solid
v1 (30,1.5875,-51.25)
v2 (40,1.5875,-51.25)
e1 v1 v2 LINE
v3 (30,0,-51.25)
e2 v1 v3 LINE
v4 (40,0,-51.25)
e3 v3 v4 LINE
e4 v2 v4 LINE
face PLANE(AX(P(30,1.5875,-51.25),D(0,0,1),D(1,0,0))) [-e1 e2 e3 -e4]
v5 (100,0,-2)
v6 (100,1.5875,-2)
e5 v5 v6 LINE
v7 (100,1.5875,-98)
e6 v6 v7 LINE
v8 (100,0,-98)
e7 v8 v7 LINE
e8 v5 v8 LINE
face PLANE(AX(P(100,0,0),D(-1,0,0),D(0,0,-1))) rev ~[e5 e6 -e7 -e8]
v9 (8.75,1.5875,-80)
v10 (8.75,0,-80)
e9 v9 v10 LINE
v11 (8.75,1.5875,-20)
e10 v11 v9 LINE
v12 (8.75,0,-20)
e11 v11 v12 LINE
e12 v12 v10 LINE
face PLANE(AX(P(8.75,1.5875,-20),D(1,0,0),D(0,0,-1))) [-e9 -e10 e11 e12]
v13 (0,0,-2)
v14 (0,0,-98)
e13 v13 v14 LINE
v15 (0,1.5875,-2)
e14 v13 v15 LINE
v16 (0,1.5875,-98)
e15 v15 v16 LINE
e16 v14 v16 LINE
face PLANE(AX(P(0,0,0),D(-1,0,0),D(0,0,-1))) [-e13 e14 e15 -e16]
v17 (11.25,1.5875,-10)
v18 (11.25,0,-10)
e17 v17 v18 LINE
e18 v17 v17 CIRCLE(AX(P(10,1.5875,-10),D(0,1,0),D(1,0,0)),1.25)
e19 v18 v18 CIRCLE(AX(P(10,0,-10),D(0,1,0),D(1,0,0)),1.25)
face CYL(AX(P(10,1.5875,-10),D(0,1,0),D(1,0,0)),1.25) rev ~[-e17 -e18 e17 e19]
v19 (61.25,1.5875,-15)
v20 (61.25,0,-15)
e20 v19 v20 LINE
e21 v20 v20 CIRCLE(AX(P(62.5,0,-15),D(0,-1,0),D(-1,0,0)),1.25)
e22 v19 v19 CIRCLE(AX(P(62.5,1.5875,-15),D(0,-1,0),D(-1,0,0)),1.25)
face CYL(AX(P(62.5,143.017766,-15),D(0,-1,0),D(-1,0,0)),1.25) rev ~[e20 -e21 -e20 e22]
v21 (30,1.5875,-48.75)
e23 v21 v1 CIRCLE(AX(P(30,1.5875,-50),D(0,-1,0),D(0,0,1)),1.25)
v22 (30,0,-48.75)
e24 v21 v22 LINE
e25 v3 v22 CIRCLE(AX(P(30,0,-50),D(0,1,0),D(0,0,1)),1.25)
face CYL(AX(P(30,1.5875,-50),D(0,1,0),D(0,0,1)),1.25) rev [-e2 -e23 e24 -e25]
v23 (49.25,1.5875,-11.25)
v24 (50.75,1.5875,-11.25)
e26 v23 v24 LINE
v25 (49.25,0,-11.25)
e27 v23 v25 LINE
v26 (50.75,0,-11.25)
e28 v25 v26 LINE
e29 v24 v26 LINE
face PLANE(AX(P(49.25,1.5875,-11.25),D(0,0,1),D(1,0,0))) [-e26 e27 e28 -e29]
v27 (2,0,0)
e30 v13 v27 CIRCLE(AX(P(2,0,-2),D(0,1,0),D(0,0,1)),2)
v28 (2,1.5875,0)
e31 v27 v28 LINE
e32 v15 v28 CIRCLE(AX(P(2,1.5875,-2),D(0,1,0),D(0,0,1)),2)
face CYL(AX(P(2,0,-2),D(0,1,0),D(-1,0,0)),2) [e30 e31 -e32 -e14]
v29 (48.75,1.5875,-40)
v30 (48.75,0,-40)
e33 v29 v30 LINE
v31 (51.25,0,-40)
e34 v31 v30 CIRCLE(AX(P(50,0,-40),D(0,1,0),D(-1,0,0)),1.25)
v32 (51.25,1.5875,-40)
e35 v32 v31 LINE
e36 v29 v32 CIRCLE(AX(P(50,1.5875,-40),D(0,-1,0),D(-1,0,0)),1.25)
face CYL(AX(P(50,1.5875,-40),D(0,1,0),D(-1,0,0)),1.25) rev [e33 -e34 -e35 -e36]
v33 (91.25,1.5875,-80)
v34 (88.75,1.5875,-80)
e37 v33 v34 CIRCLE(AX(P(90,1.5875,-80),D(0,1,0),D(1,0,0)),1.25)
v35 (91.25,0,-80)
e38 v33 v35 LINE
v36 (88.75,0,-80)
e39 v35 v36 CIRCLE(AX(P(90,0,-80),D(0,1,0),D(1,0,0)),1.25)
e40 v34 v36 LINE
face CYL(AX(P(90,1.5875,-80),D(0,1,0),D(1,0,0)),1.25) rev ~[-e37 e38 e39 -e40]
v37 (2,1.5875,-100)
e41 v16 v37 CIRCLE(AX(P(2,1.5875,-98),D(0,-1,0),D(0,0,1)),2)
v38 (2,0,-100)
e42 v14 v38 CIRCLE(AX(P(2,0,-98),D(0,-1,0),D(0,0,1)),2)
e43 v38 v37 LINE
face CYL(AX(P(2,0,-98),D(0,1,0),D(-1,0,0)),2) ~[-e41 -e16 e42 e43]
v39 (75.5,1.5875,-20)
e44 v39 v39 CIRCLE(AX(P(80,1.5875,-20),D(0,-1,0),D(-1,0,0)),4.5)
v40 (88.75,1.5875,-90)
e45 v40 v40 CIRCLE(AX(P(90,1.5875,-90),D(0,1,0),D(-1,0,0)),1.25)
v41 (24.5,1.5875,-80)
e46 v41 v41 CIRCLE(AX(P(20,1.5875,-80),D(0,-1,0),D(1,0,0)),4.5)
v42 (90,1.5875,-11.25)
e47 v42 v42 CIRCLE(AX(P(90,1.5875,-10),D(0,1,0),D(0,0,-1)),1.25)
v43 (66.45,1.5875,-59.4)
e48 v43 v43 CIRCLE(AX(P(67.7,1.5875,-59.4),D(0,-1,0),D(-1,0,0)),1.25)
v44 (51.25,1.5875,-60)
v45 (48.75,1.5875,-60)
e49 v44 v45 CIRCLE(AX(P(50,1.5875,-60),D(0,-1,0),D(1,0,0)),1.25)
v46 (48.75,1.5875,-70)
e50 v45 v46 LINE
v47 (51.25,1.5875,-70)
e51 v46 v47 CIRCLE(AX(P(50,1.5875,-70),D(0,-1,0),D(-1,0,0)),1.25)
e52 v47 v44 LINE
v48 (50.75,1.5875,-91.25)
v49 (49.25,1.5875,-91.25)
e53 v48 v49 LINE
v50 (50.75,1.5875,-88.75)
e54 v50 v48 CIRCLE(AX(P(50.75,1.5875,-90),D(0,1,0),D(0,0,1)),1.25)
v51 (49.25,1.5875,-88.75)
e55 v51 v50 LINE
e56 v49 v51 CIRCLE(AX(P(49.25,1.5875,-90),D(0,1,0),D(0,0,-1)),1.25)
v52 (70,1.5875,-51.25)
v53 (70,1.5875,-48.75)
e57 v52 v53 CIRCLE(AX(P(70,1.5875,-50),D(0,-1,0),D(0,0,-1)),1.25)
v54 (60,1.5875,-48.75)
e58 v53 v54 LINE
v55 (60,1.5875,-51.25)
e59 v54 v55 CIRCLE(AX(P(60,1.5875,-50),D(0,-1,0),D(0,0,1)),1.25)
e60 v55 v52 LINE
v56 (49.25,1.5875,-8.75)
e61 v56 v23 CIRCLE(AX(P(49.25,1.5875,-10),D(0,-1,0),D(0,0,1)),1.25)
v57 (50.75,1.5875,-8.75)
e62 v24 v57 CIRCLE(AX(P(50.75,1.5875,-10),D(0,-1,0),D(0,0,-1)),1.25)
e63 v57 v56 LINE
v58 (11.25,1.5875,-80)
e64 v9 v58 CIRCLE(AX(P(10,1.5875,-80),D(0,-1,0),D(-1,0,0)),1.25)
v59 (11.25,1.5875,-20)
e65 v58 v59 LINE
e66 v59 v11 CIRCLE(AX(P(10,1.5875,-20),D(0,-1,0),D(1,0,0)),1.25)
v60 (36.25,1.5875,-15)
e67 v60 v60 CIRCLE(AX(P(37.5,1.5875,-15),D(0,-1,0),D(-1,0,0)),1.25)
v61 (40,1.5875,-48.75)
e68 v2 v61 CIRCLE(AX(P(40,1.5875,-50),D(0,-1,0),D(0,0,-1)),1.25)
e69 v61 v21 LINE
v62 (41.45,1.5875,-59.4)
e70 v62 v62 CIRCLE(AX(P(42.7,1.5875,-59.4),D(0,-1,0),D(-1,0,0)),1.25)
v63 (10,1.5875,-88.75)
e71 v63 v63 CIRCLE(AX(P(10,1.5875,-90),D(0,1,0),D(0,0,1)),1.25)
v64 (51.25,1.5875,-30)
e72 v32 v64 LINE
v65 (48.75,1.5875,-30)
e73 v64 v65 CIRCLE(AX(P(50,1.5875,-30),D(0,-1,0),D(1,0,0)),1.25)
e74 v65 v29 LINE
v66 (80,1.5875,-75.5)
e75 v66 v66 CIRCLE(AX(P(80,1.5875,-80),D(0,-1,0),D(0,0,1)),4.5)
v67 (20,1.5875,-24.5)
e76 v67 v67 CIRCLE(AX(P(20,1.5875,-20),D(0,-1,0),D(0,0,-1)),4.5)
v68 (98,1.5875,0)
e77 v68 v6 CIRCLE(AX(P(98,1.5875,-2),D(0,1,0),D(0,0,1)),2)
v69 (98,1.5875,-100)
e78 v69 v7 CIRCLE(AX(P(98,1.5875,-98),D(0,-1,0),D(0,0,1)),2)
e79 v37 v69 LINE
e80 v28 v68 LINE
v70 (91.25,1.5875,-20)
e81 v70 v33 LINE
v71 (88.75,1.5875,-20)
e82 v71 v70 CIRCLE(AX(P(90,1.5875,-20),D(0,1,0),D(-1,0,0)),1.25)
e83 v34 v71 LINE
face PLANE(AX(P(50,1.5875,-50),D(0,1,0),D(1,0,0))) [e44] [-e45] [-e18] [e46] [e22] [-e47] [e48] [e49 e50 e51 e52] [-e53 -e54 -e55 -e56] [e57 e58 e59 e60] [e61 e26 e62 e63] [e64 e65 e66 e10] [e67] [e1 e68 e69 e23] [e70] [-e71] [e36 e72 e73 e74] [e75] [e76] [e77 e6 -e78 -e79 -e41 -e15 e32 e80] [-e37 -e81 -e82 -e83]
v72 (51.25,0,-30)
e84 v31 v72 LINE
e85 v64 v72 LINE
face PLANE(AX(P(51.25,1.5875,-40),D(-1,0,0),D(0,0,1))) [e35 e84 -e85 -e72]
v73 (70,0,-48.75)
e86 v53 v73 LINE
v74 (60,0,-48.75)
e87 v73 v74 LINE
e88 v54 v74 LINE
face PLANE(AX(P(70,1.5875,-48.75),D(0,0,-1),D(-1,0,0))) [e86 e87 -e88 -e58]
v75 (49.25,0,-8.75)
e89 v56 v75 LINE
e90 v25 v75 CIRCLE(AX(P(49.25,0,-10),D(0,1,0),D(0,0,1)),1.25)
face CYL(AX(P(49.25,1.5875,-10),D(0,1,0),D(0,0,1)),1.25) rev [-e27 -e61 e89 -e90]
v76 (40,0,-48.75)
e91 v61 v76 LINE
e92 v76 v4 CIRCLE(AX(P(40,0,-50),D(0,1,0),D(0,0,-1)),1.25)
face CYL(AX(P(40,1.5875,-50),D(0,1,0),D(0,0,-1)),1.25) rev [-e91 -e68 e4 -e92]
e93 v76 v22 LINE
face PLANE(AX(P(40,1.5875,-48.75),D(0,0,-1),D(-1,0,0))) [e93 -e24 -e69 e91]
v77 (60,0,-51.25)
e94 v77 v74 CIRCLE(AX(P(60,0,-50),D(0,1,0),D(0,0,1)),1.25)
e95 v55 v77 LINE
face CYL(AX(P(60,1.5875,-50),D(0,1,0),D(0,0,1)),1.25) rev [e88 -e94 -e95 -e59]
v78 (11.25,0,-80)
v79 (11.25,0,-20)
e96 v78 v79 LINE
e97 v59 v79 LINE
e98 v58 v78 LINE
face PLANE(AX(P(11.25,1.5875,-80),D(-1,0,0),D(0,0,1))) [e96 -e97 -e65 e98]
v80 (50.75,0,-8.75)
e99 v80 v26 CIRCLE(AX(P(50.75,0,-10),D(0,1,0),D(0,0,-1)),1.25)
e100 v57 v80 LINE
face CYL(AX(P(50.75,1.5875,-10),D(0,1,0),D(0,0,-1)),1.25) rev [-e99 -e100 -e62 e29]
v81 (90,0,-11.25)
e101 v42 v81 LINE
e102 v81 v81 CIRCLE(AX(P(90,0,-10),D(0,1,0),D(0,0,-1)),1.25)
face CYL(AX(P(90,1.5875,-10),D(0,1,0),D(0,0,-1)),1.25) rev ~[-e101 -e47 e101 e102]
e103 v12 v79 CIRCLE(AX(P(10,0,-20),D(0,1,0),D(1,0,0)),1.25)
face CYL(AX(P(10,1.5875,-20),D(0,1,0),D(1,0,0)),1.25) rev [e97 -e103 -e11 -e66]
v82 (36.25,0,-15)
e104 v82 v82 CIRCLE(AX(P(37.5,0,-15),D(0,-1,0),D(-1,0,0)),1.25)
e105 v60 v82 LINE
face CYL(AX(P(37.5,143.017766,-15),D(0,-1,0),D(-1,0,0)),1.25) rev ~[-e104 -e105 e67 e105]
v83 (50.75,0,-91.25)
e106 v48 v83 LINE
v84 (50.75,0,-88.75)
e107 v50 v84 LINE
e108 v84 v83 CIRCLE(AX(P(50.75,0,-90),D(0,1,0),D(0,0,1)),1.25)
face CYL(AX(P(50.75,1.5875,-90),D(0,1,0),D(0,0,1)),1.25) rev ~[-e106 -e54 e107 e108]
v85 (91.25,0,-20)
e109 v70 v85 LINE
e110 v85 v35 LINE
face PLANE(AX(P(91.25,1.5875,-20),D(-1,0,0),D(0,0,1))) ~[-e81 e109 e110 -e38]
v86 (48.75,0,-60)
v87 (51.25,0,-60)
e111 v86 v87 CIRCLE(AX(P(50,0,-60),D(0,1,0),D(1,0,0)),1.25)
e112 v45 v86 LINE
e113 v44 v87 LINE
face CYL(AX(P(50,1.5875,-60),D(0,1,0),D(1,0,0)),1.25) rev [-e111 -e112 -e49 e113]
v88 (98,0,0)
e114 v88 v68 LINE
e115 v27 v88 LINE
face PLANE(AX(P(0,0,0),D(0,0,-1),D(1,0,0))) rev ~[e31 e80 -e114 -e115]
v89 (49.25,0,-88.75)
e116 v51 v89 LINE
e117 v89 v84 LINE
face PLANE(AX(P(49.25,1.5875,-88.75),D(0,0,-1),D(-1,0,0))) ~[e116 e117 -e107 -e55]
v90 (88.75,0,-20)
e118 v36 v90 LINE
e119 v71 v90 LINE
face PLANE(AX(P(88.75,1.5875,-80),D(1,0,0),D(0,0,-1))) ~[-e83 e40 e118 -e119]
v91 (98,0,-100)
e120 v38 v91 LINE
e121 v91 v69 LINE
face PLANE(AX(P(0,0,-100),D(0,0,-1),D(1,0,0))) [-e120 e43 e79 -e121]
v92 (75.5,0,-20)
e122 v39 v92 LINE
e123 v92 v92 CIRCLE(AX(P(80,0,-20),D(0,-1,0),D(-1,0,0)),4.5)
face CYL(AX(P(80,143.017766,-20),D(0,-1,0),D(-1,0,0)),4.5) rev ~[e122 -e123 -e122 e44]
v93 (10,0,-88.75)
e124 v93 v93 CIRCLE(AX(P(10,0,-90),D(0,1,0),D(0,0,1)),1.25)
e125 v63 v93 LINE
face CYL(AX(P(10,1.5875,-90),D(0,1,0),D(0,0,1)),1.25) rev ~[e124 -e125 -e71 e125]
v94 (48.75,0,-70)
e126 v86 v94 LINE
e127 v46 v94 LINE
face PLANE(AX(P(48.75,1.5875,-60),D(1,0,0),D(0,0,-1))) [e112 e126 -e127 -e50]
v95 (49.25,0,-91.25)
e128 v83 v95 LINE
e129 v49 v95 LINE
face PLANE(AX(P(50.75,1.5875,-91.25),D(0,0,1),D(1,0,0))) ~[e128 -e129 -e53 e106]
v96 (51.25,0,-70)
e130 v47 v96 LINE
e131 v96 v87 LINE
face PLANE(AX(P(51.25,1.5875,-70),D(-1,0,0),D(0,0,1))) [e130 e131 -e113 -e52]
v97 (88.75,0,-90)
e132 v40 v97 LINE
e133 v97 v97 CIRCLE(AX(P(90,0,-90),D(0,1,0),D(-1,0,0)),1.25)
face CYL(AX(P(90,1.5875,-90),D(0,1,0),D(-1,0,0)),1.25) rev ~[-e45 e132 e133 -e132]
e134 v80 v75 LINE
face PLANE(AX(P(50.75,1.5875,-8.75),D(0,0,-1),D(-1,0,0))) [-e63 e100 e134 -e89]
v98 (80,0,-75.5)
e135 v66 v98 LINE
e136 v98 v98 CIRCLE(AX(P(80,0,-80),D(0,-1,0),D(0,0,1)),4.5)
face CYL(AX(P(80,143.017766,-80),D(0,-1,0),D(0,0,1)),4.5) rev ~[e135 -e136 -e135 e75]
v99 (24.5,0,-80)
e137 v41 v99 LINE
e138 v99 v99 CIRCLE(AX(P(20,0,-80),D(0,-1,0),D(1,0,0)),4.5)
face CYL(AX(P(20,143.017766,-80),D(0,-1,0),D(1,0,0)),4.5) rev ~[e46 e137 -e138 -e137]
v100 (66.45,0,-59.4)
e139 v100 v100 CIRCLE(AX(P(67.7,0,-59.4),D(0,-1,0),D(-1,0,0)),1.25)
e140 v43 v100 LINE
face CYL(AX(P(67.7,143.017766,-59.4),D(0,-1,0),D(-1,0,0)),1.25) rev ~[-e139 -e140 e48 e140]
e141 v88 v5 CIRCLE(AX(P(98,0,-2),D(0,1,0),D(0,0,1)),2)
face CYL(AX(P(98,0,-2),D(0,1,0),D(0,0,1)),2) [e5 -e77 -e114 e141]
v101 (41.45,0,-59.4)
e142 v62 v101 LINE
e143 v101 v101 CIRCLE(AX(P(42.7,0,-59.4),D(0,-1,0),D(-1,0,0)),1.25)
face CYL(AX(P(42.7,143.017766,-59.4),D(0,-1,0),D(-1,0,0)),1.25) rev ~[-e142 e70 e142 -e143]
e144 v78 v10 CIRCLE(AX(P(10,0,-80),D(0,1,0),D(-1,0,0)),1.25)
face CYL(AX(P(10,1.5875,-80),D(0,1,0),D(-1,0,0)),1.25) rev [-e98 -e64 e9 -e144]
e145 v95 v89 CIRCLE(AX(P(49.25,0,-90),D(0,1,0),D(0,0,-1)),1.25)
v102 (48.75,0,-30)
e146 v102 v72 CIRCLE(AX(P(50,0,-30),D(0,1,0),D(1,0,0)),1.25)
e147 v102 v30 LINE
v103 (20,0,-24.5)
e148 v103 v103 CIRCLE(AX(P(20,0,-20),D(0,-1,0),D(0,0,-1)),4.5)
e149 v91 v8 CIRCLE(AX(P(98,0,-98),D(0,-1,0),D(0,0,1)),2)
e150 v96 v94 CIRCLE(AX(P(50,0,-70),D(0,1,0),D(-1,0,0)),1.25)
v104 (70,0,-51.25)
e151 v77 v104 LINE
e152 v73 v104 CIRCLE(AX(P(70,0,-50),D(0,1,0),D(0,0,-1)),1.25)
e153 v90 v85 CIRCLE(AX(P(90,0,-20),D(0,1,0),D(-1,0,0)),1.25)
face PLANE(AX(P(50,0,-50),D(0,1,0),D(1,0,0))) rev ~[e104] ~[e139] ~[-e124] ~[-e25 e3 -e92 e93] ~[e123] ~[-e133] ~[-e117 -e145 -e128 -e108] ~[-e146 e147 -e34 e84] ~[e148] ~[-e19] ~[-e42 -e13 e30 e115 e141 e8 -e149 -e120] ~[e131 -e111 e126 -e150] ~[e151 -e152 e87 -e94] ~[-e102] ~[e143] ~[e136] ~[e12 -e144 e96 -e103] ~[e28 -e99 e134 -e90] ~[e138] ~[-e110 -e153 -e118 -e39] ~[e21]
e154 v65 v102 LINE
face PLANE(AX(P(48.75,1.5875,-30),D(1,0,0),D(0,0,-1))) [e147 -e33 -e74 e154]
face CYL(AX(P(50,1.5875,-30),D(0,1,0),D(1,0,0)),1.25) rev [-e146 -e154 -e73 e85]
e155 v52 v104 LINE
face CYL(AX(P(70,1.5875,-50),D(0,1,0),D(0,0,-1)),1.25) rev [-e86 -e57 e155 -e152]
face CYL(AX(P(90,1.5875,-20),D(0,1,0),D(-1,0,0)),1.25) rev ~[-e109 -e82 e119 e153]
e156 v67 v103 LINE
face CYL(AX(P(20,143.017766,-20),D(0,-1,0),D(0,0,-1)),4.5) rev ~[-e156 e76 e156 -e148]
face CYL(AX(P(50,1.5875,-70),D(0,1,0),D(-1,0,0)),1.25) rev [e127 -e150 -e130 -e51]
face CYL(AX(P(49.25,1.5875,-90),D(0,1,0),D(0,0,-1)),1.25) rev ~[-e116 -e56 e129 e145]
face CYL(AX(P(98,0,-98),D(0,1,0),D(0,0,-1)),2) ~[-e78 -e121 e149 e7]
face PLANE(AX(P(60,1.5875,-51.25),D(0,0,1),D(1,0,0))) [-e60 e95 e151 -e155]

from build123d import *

# Parameters (mm, degrees)
SKETCH2_W                = 100
SKETCH2_H                = 100
BOSS_EXTRUDE1_DEPTH      = 1.5875
CUT_EXTRUDE1_DEPTH       = 5
SKETCH4_R                = 1.25
CUT_EXTRUDE2_DEPTH       = 5
CUT_EXTRUDE4_DEPTH       = 5
CUT_EXTRUDE6_DEPTH       = 5
CIRPATTERN1_COUNT        = 4
CIRPATTERN4_COUNT        = 4
FILLET2_R                = 2
F_2_5MM_DOWEL_HOLE1_D    = 2.5
F_2_5MM_DOWEL_HOLE2_D    = 2.5
F_9_0_9_DIAMETER_HOLE1_D = 9
CIRPATTERN5_COUNT        = 4


with BuildPart() as part:
    # Sketch2 → Boss-Extrude1 (new body)
    with BuildSketch(Plane(origin=(0, 0, 0), x_dir=(1, 0, 0), z_dir=(0, 1, 0))):
        with Locations((50, 50)):
            Rectangle(SKETCH2_W, SKETCH2_H)
    extrude(amount=BOSS_EXTRUDE1_DEPTH)

    # Sketch3 → Cut-Extrude1 (cut)
    with BuildSketch(Plane(origin=(0, 1.5875, 0), x_dir=(1, 0, 0), z_dir=(0, 1, 0))):
        with BuildLine():
            Line((11.25, 80), (11.25, 20))
            ThreePointArc((11.25, 20), (10, 18.75), (8.75, 20))
            Line((8.75, 20), (8.75, 80))
            ThreePointArc((8.75, 80), (10, 81.25), (11.25, 80))
        make_face()
    cut_extrude1 = extrude(amount=-CUT_EXTRUDE1_DEPTH, mode=Mode.SUBTRACT)

    # Sketch4 → Cut-Extrude2 (cut)
    with BuildSketch(Plane(origin=(0, 1.5875, 0), x_dir=(1, 0, 0), z_dir=(0, 1, 0))):
        with Locations((10, 10)):
            Circle(SKETCH4_R)
    cut_extrude2 = extrude(amount=-CUT_EXTRUDE2_DEPTH, mode=Mode.SUBTRACT)

    # Sketch6 → Cut-Extrude4 (cut)
    with BuildSketch(Plane(origin=(0, 1.5875, 0), x_dir=(1, 0, 0), z_dir=(0, 1, 0))):
        with BuildLine():
            Line((49.25, 11.25), (50.75, 11.25))
            ThreePointArc((50.75, 11.25), (52, 10), (50.75, 8.75))
            Line((50.75, 8.75), (49.25, 8.75))
            ThreePointArc((49.25, 8.75), (48, 10), (49.25, 11.25))
        make_face()
    cut_extrude4 = extrude(amount=-CUT_EXTRUDE4_DEPTH, mode=Mode.SUBTRACT)

    # Sketch8 → Cut-Extrude6 (cut)
    with BuildSketch(Plane(origin=(0, 1.5875, 0), x_dir=(1, 0, 0), z_dir=(0, 1, 0))):
        with BuildLine():
            Line((30, 51.25), (40, 51.25))
            ThreePointArc((40, 51.25), (41.25, 50), (40, 48.75))
            Line((40, 48.75), (30, 48.75))
            ThreePointArc((30, 48.75), (28.75, 50), (30, 51.25))
        make_face()
    cut_extrude6 = extrude(amount=-CUT_EXTRUDE6_DEPTH, mode=Mode.SUBTRACT)

    # Mirror3: Cut-Extrude1 across plane
    add(cut_extrude1.mirror(Plane(origin=(50, 0, 0), x_dir=(0, 0, 1), z_dir=(1, 0, 0))), mode=Mode.SUBTRACT)

    # CirPattern1: Cut-Extrude6 ×4 about axis
    cirpattern1_axis = Axis((50, -0.2, -50), (0, 1, 0))
    for i in range(1, CIRPATTERN1_COUNT):
        add(cut_extrude6.rotate(cirpattern1_axis, i * 360 / CIRPATTERN1_COUNT), mode=Mode.SUBTRACT)

    # CirPattern4: Cut-Extrude2 ×4 about axis
    cirpattern4_axis = Axis((50, -0.2, -50), (0, 1, 0))
    for i in range(1, CIRPATTERN4_COUNT):
        add(cut_extrude2.rotate(cirpattern4_axis, i * 360 / CIRPATTERN4_COUNT), mode=Mode.SUBTRACT)

    # Mirror6: Cut-Extrude4 across plane
    add(cut_extrude4.mirror(Plane(origin=(0, 0, -50), x_dir=(1, 0, 0), z_dir=(0, 0, -1))), mode=Mode.SUBTRACT)

    # Fillet2
    fillet2_edges = [part.edges().sort_by_distance(p)[0] for p in [
        (100, 0.79375, 0),
        (0, 0.79375, 0),
        (0, 0.79375, -100),
        (100, 0.79375, -100),
    ]]
    fillet(fillet2_edges, radius=FILLET2_R)

    # Ø2.5mm Dowel Hole1 (through all)
    with Locations(Plane(origin=(0, 1.5875, 0), x_dir=(1, 0, 0), z_dir=(0, 1, 0))):
        with Locations((62.5, 15), (37.5, 15)):
            Hole(F_2_5MM_DOWEL_HOLE1_D / 2)

    # Ø2.5mm Dowel Hole2 (through all)
    with Locations(Plane(origin=(0, 1.5875, 0), x_dir=(1, 0, 0), z_dir=(0, 1, 0))):
        with Locations((42.7, 59.4), (67.7, 59.4)):
            Hole(F_2_5MM_DOWEL_HOLE2_D / 2)

    # Ø9.0 (9) Diameter Hole1 (through all)
    with Locations(Plane(origin=(0, 1.5875, 0), x_dir=(1, 0, 0), z_dir=(0, 1, 0))):
        with Locations((80, 20)):
            f_9_0_9_diameter_hole1 = Hole(F_9_0_9_DIAMETER_HOLE1_D / 2)

    # CirPattern5: Ø9.0 (9) Diameter Hole1 ×4 about axis
    cirpattern5_axis = Axis((50, -0.2, -50), (0, 1, 0))
    for i in range(1, CIRPATTERN5_COUNT):
        add(f_9_0_9_diameter_hole1.rotate(cirpattern5_axis, i * 360 / CIRPATTERN5_COUNT), mode=Mode.SUBTRACT)


solid = part.part
